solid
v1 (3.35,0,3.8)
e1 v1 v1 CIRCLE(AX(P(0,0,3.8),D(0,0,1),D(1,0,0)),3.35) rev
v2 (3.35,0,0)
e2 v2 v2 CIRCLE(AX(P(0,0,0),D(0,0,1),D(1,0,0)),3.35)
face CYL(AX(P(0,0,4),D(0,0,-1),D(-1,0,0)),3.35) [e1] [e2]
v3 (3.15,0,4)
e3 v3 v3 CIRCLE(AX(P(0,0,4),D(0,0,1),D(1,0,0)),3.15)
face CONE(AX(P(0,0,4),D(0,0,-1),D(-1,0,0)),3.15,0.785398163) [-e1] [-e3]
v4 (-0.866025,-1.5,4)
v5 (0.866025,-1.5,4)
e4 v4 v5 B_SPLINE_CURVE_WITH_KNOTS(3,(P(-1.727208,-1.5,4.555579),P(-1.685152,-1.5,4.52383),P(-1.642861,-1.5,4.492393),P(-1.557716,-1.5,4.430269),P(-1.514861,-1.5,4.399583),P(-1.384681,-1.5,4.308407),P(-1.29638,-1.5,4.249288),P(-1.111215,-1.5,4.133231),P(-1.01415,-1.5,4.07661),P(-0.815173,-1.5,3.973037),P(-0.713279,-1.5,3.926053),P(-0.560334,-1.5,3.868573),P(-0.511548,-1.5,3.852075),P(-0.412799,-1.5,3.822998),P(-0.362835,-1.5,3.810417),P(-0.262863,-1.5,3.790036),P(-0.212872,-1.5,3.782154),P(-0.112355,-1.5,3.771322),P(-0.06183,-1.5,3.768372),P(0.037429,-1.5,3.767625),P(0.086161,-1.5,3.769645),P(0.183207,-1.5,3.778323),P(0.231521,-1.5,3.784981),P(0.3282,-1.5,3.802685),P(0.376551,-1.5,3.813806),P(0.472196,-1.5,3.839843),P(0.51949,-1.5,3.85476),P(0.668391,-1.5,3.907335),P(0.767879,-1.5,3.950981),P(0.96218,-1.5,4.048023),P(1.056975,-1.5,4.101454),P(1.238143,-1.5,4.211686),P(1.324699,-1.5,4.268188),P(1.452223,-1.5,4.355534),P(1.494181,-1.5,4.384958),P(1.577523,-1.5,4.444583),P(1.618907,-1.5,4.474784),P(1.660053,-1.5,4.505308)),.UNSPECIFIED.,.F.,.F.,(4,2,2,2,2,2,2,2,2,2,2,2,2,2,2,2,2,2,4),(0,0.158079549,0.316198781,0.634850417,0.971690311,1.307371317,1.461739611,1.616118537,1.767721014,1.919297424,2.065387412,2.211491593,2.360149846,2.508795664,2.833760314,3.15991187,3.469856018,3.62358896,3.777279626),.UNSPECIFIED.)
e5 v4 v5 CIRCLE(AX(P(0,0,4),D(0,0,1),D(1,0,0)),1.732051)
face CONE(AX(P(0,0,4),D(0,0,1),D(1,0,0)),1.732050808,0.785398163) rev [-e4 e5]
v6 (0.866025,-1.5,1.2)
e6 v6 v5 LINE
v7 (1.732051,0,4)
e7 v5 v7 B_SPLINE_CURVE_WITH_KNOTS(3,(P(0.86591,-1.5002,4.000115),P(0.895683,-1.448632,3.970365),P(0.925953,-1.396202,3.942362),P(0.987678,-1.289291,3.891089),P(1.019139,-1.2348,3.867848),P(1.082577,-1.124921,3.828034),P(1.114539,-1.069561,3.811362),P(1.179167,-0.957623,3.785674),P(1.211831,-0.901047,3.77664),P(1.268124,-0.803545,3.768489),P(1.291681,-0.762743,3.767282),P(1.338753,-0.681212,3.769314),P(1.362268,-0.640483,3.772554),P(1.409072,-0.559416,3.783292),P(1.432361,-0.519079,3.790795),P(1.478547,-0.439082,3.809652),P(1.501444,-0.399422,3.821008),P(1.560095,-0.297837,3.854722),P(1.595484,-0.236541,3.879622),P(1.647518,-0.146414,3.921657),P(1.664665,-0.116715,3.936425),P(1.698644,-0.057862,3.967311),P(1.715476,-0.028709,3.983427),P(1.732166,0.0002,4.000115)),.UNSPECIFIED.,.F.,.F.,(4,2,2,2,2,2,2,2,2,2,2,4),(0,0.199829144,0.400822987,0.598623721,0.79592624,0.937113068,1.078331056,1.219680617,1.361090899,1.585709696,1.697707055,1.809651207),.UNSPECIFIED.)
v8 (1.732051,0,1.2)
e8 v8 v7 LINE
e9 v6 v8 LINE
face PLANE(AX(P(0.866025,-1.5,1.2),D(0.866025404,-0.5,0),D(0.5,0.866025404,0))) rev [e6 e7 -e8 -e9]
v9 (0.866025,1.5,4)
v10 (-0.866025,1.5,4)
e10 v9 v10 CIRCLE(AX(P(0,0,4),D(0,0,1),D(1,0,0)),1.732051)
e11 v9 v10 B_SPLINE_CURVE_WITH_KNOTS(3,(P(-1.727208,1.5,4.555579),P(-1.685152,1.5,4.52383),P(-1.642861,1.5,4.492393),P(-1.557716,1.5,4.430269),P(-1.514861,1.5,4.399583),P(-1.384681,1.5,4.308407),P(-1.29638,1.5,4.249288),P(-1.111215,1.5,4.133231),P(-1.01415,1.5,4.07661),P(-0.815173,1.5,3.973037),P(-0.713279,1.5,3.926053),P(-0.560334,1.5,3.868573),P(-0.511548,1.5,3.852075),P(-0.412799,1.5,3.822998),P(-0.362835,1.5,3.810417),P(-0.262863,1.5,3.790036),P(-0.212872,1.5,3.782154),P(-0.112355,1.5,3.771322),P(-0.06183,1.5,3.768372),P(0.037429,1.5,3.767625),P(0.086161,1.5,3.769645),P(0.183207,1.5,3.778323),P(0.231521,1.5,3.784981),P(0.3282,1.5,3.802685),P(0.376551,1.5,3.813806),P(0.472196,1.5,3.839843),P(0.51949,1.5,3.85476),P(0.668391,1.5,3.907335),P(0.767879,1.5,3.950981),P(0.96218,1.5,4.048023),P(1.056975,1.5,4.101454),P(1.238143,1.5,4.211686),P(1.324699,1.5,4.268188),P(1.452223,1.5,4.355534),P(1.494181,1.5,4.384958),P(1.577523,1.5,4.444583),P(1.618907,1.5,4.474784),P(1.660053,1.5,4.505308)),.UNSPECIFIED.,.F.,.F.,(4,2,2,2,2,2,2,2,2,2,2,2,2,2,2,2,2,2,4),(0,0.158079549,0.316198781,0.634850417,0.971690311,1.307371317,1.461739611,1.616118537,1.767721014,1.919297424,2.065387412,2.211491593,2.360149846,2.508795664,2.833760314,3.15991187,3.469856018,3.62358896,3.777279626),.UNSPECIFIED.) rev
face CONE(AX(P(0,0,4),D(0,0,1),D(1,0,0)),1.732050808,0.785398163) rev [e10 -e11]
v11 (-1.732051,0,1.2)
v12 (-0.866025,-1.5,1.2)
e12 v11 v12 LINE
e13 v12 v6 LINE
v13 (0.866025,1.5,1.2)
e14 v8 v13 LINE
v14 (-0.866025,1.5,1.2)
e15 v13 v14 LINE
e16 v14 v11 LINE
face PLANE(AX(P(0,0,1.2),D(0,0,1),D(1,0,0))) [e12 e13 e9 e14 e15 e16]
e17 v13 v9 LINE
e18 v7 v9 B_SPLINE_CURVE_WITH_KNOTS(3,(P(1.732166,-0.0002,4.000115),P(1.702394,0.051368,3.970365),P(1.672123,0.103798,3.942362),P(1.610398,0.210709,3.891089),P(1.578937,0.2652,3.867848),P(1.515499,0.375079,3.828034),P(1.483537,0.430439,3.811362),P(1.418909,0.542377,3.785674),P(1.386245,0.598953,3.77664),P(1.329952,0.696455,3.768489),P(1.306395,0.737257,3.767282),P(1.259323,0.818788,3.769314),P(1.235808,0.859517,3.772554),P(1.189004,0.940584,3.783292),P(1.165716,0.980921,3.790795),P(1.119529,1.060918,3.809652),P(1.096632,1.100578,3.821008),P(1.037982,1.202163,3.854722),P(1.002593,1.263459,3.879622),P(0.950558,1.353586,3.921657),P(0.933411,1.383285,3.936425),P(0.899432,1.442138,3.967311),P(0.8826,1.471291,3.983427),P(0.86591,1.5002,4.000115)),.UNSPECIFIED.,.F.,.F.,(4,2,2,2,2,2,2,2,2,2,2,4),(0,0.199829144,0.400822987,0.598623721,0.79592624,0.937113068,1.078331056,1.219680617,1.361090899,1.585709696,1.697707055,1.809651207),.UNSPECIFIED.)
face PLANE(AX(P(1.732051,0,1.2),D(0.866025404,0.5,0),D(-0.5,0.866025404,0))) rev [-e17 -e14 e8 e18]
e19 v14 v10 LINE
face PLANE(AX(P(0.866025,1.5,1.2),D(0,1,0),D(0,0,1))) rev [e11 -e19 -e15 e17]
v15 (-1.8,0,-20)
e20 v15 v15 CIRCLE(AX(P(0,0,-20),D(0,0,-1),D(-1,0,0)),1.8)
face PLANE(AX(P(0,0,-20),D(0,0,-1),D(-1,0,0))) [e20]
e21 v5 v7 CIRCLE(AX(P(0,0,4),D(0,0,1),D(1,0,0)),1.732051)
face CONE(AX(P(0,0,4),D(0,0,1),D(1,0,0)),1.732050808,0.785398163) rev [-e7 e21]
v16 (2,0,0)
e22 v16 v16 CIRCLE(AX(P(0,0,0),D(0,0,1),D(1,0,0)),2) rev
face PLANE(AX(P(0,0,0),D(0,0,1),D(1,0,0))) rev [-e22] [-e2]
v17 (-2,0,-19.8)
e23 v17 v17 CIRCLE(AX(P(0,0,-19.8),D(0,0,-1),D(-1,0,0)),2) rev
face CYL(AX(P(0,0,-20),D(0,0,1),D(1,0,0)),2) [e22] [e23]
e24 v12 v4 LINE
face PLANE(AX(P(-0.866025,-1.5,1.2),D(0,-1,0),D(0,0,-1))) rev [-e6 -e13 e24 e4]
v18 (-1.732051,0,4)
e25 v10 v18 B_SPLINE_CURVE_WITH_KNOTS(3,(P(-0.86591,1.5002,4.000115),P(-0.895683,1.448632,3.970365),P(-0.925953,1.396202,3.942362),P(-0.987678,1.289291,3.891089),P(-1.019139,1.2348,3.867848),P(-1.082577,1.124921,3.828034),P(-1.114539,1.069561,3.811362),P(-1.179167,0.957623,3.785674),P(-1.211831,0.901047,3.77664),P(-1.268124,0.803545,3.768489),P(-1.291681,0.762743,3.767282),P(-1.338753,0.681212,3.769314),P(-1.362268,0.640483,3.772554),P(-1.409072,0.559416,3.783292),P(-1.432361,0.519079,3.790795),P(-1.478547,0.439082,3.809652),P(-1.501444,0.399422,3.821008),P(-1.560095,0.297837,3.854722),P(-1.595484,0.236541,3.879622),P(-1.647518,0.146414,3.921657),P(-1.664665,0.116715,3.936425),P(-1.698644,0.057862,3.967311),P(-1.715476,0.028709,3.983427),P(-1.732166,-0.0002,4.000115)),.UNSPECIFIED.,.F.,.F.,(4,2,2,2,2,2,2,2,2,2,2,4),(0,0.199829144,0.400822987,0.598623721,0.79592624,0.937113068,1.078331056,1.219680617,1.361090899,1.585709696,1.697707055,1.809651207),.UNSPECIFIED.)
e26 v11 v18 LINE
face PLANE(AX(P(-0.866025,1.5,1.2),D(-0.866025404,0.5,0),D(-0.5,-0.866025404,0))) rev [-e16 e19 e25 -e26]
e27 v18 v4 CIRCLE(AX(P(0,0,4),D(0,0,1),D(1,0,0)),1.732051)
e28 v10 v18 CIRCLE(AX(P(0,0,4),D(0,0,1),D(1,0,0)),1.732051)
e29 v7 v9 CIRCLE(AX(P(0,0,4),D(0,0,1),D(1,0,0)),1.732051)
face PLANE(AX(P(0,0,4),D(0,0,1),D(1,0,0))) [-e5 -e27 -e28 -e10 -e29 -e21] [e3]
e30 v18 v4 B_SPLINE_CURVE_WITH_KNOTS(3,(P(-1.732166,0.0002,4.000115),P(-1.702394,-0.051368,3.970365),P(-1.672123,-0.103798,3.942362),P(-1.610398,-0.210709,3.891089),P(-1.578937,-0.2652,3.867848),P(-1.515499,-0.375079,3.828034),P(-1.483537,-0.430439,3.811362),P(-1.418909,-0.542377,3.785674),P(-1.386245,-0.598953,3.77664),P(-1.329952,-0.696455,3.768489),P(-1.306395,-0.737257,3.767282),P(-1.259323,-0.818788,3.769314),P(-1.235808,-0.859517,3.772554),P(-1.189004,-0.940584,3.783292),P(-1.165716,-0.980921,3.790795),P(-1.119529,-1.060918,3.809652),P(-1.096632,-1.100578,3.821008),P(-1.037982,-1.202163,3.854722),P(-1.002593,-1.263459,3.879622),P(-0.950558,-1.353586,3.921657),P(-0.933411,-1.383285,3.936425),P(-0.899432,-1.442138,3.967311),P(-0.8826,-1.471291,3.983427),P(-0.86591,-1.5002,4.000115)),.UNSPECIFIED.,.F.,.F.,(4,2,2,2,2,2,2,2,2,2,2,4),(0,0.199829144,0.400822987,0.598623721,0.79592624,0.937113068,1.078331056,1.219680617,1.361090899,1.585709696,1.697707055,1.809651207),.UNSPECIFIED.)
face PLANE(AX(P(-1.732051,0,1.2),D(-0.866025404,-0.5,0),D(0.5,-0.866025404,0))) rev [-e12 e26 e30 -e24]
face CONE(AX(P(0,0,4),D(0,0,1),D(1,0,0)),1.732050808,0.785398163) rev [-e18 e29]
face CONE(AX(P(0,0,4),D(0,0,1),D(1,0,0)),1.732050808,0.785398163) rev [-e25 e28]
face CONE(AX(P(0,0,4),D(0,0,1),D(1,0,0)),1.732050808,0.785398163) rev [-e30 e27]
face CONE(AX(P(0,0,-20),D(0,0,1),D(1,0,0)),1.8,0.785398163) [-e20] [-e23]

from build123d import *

# Parameters (mm, degrees)
SKETCH_1_R          = 3.35
EXTRUDE_1_DEPTH     = 4
CUT_EXTRUDE_1_DEPTH = 2.8
SKETCH_3_R          = 2
EXTRUDE_2_DEPTH     = 20
SKETCH_4_R          = 1.732050808
CUT_EXTRUDE_2_DEPTH = 2
CUT_EXTRUDE_2_DRAFT = -45
CHAMFER_1_SIZE      = 0.2


with BuildPart() as part:
    # Эскиз1 → Бобышка-Вытянуть1 (new body)
    with BuildSketch(Plane.XY):
        Circle(SKETCH_1_R)
    extrude(amount=EXTRUDE_1_DEPTH)

    # Эскиз2 → Вырез-Вытянуть1 (cut)
    with BuildSketch(Plane.XY.offset(4)):
        Polygon((1.732050808, 0), (0.866025404, 1.5), (-0.866025404, 1.5), (-1.732050808, 0), (-0.866025404, -1.5), (0.866025404, -1.5), align=None)
    extrude(amount=-CUT_EXTRUDE_1_DEPTH, mode=Mode.SUBTRACT)

    # Эскиз3 → Бобышка-Вытянуть2 (add)
    with BuildSketch(Plane(origin=(0, 0, 0), x_dir=(-1, 0, 0), z_dir=(0, 0, -1))):
        Circle(SKETCH_3_R)
    extrude(amount=EXTRUDE_2_DEPTH)


with BuildPart() as cut_extrude_2_tool:
    # Эскиз4 → Вырез-Вытянуть2 (with draft: the straight prism first)
    with BuildSketch(Plane.XY.offset(4)):
        Circle(SKETCH_4_R)
    extrude(amount=-CUT_EXTRUDE_2_DEPTH)
    # Вырез-Вытянуть2: the draft: its side faces are tilted about the plane it starts from
    cut_extrude_2_sides = [cut_extrude_2_tool.faces().sort_by_distance(p)[0] for p in [
        (-1.732050808, 0, 3),
    ]]
    draft(cut_extrude_2_sides, Plane.XY.offset(4), CUT_EXTRUDE_2_DRAFT)


with BuildPart() as part_1:
    add(part.part)

    # Вырез-Вытянуть2: cut by cut_extrude_2_tool
    add(cut_extrude_2_tool.part, mode=Mode.SUBTRACT)

    # Фаска1
    chamfer_1_edges = [part_1.edges().sort_by_distance(p)[0] for p in [
        (2, 0, -20),
        (-3.35, 0, 4),
    ]]
    chamfer(chamfer_1_edges, length=CHAMFER_1_SIZE)


solid = part_1.part
